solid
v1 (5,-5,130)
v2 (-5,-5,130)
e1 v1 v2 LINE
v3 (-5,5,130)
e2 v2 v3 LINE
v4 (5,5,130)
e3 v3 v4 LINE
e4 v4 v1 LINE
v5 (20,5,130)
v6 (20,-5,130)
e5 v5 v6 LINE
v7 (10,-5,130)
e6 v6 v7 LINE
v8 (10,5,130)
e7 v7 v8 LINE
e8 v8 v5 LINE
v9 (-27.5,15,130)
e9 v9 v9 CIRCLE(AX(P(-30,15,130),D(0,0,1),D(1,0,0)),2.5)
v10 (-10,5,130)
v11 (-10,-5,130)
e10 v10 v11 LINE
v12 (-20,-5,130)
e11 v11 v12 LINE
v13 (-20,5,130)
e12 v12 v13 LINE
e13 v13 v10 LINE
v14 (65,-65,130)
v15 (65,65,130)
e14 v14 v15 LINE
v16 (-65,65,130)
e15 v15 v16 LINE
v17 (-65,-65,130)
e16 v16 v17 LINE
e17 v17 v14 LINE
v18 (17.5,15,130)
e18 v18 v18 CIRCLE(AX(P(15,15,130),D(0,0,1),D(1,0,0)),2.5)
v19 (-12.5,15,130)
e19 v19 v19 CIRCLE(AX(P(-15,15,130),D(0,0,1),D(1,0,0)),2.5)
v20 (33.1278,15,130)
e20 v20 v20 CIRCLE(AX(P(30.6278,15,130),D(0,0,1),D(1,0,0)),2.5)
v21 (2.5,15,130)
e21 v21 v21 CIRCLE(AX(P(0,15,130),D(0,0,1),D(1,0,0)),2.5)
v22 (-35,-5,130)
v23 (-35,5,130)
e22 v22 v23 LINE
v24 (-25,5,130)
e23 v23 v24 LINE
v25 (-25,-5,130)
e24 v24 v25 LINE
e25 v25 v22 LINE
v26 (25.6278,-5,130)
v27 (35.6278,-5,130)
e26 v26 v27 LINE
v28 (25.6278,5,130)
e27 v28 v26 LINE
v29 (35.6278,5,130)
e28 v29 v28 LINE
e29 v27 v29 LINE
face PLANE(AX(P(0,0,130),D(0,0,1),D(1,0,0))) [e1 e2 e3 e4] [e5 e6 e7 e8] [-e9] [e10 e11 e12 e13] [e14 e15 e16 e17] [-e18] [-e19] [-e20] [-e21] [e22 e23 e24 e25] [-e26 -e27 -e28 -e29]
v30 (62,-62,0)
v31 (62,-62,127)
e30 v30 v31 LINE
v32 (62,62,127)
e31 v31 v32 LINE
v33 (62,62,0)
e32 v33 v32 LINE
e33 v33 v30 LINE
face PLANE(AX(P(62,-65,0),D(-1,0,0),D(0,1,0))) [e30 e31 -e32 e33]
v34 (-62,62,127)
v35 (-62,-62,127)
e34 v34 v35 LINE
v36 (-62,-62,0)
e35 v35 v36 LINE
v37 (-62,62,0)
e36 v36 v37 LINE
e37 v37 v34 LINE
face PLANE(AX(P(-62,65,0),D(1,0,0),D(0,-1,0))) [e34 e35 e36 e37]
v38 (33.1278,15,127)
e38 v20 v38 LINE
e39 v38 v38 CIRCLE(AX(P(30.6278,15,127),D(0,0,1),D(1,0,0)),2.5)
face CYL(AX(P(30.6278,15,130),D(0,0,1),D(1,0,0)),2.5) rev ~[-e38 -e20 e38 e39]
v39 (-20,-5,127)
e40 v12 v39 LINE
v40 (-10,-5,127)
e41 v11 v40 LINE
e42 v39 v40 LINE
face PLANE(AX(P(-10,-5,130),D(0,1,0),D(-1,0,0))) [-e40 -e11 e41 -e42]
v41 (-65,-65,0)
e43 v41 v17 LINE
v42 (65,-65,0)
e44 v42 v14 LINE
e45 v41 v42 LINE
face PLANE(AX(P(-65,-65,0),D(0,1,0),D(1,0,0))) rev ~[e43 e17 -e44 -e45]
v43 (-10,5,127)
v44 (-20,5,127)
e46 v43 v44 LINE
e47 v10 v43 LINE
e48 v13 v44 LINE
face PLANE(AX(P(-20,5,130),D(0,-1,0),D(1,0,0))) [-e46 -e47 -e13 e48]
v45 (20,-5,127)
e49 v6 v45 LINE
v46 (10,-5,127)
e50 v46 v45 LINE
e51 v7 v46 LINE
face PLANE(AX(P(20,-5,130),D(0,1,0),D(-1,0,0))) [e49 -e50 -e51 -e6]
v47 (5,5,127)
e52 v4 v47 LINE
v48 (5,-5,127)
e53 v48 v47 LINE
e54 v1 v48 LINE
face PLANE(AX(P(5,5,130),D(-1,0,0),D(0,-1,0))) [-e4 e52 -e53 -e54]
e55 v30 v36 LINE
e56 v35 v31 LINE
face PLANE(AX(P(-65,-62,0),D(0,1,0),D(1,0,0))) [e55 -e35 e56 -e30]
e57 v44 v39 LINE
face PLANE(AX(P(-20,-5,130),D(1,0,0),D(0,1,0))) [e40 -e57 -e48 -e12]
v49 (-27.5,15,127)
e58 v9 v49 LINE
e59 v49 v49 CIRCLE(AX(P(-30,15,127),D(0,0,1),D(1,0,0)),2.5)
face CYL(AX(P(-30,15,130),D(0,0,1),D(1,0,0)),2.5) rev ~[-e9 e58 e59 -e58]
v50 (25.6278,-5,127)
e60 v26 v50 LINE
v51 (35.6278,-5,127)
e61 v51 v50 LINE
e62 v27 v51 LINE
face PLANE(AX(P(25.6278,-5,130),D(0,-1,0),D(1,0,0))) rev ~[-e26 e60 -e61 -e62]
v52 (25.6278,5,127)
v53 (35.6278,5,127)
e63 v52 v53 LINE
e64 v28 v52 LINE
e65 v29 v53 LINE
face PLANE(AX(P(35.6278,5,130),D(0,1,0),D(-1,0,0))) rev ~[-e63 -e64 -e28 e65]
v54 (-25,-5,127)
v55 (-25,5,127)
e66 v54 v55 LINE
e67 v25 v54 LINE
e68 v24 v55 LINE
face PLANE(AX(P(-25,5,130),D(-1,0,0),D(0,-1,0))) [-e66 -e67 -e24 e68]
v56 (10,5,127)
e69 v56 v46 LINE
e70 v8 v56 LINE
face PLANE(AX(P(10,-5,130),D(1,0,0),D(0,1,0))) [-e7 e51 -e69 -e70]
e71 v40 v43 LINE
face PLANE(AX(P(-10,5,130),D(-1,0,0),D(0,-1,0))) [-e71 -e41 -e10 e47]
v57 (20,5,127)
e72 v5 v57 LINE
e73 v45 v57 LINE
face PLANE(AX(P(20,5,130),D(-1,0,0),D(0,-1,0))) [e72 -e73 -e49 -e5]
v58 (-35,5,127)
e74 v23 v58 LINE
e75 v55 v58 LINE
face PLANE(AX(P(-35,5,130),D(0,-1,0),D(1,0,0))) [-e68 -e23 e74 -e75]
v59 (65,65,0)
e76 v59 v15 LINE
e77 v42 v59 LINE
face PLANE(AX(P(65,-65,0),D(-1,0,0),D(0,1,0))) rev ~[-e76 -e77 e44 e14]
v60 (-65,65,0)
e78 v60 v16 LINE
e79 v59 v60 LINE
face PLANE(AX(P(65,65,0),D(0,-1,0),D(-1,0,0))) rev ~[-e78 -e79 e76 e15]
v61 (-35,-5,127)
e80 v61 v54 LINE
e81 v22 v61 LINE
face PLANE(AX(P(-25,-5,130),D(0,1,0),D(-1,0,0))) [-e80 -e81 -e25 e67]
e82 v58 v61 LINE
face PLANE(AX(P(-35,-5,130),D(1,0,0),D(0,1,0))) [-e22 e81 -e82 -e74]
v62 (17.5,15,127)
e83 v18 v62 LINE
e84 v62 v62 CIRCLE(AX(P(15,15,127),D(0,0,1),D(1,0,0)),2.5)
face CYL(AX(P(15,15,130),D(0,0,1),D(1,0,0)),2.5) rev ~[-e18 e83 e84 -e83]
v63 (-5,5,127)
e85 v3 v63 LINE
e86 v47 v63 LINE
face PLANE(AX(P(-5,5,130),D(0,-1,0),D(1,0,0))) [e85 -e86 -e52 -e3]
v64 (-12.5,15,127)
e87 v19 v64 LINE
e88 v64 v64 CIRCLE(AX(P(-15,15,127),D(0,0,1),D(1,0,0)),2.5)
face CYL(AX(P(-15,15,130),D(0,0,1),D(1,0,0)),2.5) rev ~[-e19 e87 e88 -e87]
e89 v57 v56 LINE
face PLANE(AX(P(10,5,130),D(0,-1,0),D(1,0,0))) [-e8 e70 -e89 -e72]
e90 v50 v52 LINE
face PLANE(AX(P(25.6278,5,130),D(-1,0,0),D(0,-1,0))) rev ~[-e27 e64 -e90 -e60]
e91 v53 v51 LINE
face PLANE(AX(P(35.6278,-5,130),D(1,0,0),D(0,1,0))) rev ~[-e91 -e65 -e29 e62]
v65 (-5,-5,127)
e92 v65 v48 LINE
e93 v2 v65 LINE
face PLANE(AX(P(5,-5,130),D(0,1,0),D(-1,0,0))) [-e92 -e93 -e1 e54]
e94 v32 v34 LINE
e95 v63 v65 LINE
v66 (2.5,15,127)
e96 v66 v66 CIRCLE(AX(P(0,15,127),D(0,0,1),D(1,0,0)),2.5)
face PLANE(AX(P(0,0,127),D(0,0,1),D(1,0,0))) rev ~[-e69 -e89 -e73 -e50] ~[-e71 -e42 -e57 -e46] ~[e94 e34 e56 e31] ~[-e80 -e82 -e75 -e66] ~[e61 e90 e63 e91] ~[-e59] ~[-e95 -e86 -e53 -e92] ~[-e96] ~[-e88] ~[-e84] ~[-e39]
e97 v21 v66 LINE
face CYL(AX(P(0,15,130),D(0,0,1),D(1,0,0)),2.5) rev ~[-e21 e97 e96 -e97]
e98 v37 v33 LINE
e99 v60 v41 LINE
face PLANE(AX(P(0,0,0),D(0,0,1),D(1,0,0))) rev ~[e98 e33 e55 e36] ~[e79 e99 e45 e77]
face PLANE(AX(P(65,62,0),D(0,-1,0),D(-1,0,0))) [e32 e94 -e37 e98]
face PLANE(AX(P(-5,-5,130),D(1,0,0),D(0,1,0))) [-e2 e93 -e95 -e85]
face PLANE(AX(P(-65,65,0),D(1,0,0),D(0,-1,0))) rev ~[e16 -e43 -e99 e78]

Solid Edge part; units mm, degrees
sketch "Sketch1" plane through (0, 0, 0) normal (0, 0, 1) x (1, 0, 0)
  line L0 (-65, -65) -> (65, -65)
  line L1 (65, -65) -> (65, 65)
  line L2 (65, 65) -> (-65, 65)
  line L3 (-65, 65) -> (-65, -65)
extrude "Protrusion1" add sketch "Sketch1" along normal blind 130
shell "Thinwall1" thickness 3 removed faces 1 at (-44.6333, -42.0333, 0)
sketch "Sketch2" plane through (0, 0, 130) normal (0, 0, 1) x (1, 0, 0)
  line L0 (-35, 5) -> (-25, 5)
  line L1 (-25, 5) -> (-25, -5)
  line L2 (-25, -5) -> (-35, -5)
  line L3 (-35, -5) -> (-35, 5)
  line L4 (-20, 5) -> (-10, 5)
  line L5 (-10, 5) -> (-10, -5)
  line L6 (-10, -5) -> (-20, -5)
  line L7 (-20, -5) -> (-20, 5)
  circle A0 centre (-15, 15) radius 2.5
  circle A1 centre (-30, 15) radius 2.5
  circle A2 centre (0, 15) radius 2.5
  line L8 (-5, 5) -> (5, 5)
  line L9 (5, 5) -> (5, -5)
  line L10 (5, -5) -> (-5, -5)
  line L11 (-5, -5) -> (-5, 5)
  circle A3 centre (15, 15) radius 2.5
  line L12 (10, 5) -> (20, 5)
  line L13 (20, 5) -> (20, -5)
  line L14 (20, -5) -> (10, -5)
  line L15 (10, -5) -> (10, 5)
  circle A4 centre (30.6278, 15) radius 2.5
  line L16 (35.6278, 5) -> (25.6278, 5)
  line L17 (25.6278, 5) -> (25.6278, -5)
  line L18 (25.6278, -5) -> (35.6278, -5)
  line L19 (35.6278, -5) -> (35.6278, 5)
extrude "Cutout1" cut sketch "Sketch2" against normal up to next
